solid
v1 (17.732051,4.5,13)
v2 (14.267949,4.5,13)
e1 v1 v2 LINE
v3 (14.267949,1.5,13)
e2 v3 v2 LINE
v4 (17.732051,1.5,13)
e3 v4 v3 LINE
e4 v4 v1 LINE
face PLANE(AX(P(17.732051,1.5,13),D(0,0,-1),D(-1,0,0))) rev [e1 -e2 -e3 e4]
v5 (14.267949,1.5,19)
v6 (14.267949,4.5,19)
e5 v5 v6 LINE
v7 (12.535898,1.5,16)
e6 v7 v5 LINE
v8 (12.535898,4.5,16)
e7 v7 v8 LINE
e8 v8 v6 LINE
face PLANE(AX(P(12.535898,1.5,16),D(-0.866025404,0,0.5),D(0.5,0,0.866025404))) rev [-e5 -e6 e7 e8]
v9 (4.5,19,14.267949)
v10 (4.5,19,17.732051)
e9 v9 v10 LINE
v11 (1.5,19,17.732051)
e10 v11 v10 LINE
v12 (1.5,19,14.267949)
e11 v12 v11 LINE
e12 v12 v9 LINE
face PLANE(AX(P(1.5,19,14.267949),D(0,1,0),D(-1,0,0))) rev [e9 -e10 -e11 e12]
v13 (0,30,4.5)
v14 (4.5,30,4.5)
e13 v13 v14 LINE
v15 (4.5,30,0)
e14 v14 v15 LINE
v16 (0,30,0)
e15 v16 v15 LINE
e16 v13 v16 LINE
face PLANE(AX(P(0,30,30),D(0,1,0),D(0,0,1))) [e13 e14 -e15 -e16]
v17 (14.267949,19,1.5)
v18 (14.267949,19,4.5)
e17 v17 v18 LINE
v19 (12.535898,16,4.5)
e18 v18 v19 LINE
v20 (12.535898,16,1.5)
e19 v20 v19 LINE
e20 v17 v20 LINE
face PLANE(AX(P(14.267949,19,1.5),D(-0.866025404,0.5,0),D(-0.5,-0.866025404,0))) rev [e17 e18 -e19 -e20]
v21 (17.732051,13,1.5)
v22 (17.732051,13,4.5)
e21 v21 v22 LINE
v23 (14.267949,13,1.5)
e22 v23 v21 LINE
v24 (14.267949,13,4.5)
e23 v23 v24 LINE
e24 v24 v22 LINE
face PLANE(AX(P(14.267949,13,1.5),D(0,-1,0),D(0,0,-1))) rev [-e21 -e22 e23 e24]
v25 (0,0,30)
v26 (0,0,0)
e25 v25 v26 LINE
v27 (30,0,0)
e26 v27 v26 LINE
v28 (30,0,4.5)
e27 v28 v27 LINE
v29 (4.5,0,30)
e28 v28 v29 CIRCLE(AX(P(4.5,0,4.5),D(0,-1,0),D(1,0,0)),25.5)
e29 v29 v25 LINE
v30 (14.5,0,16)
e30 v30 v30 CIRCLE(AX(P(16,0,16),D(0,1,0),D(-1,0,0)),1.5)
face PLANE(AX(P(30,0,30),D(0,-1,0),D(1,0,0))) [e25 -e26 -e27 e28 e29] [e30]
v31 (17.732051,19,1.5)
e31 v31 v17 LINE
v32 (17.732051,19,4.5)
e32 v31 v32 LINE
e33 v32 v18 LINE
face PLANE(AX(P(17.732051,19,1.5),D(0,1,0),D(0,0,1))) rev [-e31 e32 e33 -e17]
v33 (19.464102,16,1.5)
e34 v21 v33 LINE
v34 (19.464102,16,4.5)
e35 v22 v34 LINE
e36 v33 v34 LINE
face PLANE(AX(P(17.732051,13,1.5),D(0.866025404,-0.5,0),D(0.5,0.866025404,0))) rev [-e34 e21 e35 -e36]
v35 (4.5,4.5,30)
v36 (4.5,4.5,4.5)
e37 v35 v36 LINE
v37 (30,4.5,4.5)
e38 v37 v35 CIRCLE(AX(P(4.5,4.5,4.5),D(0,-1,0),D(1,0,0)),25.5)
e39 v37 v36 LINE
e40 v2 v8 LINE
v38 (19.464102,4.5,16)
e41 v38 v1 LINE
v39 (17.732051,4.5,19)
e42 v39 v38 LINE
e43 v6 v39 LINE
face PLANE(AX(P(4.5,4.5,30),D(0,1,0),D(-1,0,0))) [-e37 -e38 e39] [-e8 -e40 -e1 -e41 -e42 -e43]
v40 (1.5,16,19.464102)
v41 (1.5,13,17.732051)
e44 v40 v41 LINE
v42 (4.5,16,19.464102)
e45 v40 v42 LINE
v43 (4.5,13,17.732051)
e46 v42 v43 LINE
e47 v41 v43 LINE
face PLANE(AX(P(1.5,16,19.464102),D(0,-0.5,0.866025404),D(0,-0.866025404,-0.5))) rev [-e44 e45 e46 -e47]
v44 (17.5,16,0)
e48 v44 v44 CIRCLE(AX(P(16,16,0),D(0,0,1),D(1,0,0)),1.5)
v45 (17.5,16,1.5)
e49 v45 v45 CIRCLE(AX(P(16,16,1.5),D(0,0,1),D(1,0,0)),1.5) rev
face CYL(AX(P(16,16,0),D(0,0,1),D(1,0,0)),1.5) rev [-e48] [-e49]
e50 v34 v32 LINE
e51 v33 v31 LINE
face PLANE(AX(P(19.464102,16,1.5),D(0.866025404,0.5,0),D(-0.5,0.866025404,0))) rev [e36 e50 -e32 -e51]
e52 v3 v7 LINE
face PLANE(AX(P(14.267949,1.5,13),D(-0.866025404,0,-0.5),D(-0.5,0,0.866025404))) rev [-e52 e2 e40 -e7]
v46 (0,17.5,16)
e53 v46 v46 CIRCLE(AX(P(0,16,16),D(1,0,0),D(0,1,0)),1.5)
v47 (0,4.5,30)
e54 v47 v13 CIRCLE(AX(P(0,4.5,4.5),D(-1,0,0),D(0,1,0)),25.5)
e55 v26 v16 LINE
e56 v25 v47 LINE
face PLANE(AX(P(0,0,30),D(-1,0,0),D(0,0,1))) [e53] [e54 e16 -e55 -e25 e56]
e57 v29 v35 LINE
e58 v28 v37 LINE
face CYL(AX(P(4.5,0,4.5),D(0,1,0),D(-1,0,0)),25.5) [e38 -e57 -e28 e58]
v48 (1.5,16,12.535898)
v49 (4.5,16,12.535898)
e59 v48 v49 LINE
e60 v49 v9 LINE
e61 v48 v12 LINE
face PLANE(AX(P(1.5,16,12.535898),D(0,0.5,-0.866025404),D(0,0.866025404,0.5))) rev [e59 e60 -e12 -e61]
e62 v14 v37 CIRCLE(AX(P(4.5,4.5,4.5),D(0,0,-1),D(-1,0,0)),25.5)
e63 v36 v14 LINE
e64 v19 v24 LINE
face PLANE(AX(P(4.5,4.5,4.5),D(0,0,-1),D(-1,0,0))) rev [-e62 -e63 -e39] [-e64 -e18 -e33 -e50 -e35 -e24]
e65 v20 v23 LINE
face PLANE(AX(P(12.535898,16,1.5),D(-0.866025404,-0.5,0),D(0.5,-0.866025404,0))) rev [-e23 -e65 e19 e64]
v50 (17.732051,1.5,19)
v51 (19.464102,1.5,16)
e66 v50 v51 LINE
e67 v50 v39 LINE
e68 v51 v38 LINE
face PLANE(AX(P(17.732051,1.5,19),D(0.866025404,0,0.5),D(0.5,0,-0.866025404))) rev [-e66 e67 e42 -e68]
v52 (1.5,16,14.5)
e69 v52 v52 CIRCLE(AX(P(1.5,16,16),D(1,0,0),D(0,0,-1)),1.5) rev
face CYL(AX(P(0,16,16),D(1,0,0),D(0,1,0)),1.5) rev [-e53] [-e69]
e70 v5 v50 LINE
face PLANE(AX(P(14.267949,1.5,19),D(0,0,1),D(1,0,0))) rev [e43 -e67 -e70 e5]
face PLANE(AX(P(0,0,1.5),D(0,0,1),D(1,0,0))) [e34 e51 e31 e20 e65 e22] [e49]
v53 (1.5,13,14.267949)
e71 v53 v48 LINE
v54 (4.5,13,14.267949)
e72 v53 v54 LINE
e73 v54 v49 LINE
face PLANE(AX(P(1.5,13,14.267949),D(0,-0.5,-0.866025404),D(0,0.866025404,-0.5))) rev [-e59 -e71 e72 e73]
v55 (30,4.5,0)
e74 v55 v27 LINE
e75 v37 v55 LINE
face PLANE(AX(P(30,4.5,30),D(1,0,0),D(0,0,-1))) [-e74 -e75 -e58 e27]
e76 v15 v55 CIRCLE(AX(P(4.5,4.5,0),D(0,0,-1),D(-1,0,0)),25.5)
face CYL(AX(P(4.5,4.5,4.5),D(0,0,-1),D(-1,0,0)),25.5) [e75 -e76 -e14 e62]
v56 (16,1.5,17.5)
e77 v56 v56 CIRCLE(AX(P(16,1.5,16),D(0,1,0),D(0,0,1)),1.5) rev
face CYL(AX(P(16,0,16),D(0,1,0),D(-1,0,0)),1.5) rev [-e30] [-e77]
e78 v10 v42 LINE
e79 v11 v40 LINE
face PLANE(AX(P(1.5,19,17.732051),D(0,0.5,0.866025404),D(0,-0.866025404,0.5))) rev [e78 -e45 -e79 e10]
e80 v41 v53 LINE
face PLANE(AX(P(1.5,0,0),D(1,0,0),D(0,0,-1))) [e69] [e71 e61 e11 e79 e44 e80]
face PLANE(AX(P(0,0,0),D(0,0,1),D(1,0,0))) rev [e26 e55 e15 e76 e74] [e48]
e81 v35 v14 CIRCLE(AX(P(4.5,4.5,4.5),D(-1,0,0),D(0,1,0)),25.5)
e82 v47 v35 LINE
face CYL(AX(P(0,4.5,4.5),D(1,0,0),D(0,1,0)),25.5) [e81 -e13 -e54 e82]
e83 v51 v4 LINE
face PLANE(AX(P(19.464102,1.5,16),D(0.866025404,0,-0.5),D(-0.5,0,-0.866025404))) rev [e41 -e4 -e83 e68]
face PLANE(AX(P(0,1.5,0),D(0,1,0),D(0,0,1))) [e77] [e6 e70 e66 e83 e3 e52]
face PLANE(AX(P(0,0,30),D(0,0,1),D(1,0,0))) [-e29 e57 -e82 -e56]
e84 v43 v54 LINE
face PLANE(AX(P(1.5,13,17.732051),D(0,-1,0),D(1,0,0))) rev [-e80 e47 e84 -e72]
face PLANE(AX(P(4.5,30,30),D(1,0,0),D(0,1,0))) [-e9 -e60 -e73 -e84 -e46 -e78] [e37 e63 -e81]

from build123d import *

# Parameters (mm, degrees)
BOSS_EXTRUDE3_DEPTH = 30
BOSS_EXTRUDE4_DEPTH = 4.5
CUT_EXTRUDE3_DEPTH  = 4.5
CUT_EXTRUDE4_DEPTH  = 4.5
SKETCH9_R           = 1.5
CUT_EXTRUDE5_DEPTH  = 4.5
CUT_EXTRUDE6_DEPTH  = 3
SKETCH12_R          = 1.5
CUT_EXTRUDE8_DEPTH  = 50.5
CUT_EXTRUDE9_DEPTH  = 3
SKETCH14_R          = 1.5
CUT_EXTRUDE10_DEPTH = 50.5
CUT_EXTRUDE11_DEPTH = 3


with BuildPart() as part:
    # Sketch1 → Boss-Extrude3 (new body)
    with BuildSketch(Plane.XY):
        Polygon((0, 0), (0, 30), (4.5, 30), (4.5, 4.5), (30, 4.5), (30, 0), align=None)
    extrude(amount=BOSS_EXTRUDE3_DEPTH)

    # Sketch6 → Boss-Extrude4 (add)
    with BuildSketch(Plane(origin=(0, 0, 0), x_dir=(-1, 0, 0), z_dir=(0, 0, -1))):
        with BuildLine():
            Line((0, 0), (0, 30))
            Line((0, 30), (-4.5, 30))
            ThreePointArc((-4.5, 30), (-22.53122292, 22.53122292), (-30, 4.5))
            Line((-30, 4.5), (-30, 0))
            Line((-30, 0), (0, 0))
        make_face()
    extrude(amount=-BOSS_EXTRUDE4_DEPTH)

    # Sketch7 → Cut-Extrude3 (cut)
    with BuildSketch(Plane(origin=(4.5, 0, 0), x_dir=(0, 0, -1), z_dir=(1, 0, 0))):
        with BuildLine():
            Line((-30, 4.5), (-56.330793143, 4.5))
            Line((-56.330793143, 4.5), (-56.330793143, 46.447924187))
            Line((-56.330793143, 46.447924187), (-4.5, 46.447924187))
            Line((-4.5, 46.447924187), (-4.5, 30))
            ThreePointArc((-4.5, 30), (-22.53122292, 22.53122292), (-30, 4.5))
        make_face()
    extrude(amount=-CUT_EXTRUDE3_DEPTH, mode=Mode.SUBTRACT)

    # Sketch8 → Cut-Extrude4 (cut)
    with BuildSketch(Plane(origin=(0, 4.5, 0), x_dir=(1, 0, 0), z_dir=(0, 1, 0))):
        with BuildLine():
            Line((4.5, -30), (4.5, -32.471065144))
            Line((4.5, -32.471065144), (33.329643203, -32.471065144))
            Line((33.329643203, -32.471065144), (33.329643203, -4.5))
            Line((33.329643203, -4.5), (30, -4.5))
            ThreePointArc((30, -4.5), (22.53122292, -22.53122292), (4.5, -30))
        make_face()
    extrude(amount=-CUT_EXTRUDE4_DEPTH, mode=Mode.SUBTRACT)

    # Sketch9 → Cut-Extrude5 (cut)
    with BuildSketch(Plane.XY.offset(4.5)):
        with Locations((16, 16)):
            Circle(SKETCH9_R)
    extrude(amount=-CUT_EXTRUDE5_DEPTH, mode=Mode.SUBTRACT)

    # Sketch10 → Cut-Extrude6 (cut)
    with BuildSketch(Plane.XY.offset(4.5)):
        Polygon((19.464101615, 16), (17.732050808, 19), (14.267949192, 19), (12.535898385, 16), (14.267949192, 13), (17.732050808, 13), align=None)
    extrude(amount=-CUT_EXTRUDE6_DEPTH, mode=Mode.SUBTRACT)

    # Sketch12 → Cut-Extrude8 (cut, through all)
    with BuildSketch(Plane(origin=(0, 4.5, 0), x_dir=(1, 0, 0), z_dir=(0, 1, 0))):
        with Locations(Location((16, -16, 0), (0, 0, 180))):
            Circle(SKETCH12_R)
    extrude(amount=-CUT_EXTRUDE8_DEPTH, mode=Mode.SUBTRACT)

    # Sketch13 → Cut-Extrude9 (cut)
    with BuildSketch(Plane(origin=(0, 4.5, 0), x_dir=(1, 0, 0), z_dir=(0, 1, 0))):
        Polygon((19.464101615, -16), (17.732050808, -13), (14.267949192, -13), (12.535898385, -16), (14.267949192, -19), (17.732050808, -19), align=None)
    extrude(amount=-CUT_EXTRUDE9_DEPTH, mode=Mode.SUBTRACT)

    # Sketch14 → Cut-Extrude10 (cut, through all)
    with BuildSketch(Plane(origin=(4.5, 0, 0), x_dir=(0, 0, -1), z_dir=(1, 0, 0))):
        with Locations(Location((-16, 16, 0), (0, 0, 90))):
            Circle(SKETCH14_R)
    extrude(amount=-CUT_EXTRUDE10_DEPTH, mode=Mode.SUBTRACT)

    # Sketch15 → Cut-Extrude11 (cut)
    with BuildSketch(Plane(origin=(4.5, 0, 0), x_dir=(0, 0, -1), z_dir=(1, 0, 0))):
        Polygon((-19.464101615, 16), (-17.732050808, 13), (-14.267949192, 13), (-12.535898385, 16), (-14.267949192, 19), (-17.732050808, 19), align=None)
    extrude(amount=-CUT_EXTRUDE11_DEPTH, mode=Mode.SUBTRACT)


solid = part.part
